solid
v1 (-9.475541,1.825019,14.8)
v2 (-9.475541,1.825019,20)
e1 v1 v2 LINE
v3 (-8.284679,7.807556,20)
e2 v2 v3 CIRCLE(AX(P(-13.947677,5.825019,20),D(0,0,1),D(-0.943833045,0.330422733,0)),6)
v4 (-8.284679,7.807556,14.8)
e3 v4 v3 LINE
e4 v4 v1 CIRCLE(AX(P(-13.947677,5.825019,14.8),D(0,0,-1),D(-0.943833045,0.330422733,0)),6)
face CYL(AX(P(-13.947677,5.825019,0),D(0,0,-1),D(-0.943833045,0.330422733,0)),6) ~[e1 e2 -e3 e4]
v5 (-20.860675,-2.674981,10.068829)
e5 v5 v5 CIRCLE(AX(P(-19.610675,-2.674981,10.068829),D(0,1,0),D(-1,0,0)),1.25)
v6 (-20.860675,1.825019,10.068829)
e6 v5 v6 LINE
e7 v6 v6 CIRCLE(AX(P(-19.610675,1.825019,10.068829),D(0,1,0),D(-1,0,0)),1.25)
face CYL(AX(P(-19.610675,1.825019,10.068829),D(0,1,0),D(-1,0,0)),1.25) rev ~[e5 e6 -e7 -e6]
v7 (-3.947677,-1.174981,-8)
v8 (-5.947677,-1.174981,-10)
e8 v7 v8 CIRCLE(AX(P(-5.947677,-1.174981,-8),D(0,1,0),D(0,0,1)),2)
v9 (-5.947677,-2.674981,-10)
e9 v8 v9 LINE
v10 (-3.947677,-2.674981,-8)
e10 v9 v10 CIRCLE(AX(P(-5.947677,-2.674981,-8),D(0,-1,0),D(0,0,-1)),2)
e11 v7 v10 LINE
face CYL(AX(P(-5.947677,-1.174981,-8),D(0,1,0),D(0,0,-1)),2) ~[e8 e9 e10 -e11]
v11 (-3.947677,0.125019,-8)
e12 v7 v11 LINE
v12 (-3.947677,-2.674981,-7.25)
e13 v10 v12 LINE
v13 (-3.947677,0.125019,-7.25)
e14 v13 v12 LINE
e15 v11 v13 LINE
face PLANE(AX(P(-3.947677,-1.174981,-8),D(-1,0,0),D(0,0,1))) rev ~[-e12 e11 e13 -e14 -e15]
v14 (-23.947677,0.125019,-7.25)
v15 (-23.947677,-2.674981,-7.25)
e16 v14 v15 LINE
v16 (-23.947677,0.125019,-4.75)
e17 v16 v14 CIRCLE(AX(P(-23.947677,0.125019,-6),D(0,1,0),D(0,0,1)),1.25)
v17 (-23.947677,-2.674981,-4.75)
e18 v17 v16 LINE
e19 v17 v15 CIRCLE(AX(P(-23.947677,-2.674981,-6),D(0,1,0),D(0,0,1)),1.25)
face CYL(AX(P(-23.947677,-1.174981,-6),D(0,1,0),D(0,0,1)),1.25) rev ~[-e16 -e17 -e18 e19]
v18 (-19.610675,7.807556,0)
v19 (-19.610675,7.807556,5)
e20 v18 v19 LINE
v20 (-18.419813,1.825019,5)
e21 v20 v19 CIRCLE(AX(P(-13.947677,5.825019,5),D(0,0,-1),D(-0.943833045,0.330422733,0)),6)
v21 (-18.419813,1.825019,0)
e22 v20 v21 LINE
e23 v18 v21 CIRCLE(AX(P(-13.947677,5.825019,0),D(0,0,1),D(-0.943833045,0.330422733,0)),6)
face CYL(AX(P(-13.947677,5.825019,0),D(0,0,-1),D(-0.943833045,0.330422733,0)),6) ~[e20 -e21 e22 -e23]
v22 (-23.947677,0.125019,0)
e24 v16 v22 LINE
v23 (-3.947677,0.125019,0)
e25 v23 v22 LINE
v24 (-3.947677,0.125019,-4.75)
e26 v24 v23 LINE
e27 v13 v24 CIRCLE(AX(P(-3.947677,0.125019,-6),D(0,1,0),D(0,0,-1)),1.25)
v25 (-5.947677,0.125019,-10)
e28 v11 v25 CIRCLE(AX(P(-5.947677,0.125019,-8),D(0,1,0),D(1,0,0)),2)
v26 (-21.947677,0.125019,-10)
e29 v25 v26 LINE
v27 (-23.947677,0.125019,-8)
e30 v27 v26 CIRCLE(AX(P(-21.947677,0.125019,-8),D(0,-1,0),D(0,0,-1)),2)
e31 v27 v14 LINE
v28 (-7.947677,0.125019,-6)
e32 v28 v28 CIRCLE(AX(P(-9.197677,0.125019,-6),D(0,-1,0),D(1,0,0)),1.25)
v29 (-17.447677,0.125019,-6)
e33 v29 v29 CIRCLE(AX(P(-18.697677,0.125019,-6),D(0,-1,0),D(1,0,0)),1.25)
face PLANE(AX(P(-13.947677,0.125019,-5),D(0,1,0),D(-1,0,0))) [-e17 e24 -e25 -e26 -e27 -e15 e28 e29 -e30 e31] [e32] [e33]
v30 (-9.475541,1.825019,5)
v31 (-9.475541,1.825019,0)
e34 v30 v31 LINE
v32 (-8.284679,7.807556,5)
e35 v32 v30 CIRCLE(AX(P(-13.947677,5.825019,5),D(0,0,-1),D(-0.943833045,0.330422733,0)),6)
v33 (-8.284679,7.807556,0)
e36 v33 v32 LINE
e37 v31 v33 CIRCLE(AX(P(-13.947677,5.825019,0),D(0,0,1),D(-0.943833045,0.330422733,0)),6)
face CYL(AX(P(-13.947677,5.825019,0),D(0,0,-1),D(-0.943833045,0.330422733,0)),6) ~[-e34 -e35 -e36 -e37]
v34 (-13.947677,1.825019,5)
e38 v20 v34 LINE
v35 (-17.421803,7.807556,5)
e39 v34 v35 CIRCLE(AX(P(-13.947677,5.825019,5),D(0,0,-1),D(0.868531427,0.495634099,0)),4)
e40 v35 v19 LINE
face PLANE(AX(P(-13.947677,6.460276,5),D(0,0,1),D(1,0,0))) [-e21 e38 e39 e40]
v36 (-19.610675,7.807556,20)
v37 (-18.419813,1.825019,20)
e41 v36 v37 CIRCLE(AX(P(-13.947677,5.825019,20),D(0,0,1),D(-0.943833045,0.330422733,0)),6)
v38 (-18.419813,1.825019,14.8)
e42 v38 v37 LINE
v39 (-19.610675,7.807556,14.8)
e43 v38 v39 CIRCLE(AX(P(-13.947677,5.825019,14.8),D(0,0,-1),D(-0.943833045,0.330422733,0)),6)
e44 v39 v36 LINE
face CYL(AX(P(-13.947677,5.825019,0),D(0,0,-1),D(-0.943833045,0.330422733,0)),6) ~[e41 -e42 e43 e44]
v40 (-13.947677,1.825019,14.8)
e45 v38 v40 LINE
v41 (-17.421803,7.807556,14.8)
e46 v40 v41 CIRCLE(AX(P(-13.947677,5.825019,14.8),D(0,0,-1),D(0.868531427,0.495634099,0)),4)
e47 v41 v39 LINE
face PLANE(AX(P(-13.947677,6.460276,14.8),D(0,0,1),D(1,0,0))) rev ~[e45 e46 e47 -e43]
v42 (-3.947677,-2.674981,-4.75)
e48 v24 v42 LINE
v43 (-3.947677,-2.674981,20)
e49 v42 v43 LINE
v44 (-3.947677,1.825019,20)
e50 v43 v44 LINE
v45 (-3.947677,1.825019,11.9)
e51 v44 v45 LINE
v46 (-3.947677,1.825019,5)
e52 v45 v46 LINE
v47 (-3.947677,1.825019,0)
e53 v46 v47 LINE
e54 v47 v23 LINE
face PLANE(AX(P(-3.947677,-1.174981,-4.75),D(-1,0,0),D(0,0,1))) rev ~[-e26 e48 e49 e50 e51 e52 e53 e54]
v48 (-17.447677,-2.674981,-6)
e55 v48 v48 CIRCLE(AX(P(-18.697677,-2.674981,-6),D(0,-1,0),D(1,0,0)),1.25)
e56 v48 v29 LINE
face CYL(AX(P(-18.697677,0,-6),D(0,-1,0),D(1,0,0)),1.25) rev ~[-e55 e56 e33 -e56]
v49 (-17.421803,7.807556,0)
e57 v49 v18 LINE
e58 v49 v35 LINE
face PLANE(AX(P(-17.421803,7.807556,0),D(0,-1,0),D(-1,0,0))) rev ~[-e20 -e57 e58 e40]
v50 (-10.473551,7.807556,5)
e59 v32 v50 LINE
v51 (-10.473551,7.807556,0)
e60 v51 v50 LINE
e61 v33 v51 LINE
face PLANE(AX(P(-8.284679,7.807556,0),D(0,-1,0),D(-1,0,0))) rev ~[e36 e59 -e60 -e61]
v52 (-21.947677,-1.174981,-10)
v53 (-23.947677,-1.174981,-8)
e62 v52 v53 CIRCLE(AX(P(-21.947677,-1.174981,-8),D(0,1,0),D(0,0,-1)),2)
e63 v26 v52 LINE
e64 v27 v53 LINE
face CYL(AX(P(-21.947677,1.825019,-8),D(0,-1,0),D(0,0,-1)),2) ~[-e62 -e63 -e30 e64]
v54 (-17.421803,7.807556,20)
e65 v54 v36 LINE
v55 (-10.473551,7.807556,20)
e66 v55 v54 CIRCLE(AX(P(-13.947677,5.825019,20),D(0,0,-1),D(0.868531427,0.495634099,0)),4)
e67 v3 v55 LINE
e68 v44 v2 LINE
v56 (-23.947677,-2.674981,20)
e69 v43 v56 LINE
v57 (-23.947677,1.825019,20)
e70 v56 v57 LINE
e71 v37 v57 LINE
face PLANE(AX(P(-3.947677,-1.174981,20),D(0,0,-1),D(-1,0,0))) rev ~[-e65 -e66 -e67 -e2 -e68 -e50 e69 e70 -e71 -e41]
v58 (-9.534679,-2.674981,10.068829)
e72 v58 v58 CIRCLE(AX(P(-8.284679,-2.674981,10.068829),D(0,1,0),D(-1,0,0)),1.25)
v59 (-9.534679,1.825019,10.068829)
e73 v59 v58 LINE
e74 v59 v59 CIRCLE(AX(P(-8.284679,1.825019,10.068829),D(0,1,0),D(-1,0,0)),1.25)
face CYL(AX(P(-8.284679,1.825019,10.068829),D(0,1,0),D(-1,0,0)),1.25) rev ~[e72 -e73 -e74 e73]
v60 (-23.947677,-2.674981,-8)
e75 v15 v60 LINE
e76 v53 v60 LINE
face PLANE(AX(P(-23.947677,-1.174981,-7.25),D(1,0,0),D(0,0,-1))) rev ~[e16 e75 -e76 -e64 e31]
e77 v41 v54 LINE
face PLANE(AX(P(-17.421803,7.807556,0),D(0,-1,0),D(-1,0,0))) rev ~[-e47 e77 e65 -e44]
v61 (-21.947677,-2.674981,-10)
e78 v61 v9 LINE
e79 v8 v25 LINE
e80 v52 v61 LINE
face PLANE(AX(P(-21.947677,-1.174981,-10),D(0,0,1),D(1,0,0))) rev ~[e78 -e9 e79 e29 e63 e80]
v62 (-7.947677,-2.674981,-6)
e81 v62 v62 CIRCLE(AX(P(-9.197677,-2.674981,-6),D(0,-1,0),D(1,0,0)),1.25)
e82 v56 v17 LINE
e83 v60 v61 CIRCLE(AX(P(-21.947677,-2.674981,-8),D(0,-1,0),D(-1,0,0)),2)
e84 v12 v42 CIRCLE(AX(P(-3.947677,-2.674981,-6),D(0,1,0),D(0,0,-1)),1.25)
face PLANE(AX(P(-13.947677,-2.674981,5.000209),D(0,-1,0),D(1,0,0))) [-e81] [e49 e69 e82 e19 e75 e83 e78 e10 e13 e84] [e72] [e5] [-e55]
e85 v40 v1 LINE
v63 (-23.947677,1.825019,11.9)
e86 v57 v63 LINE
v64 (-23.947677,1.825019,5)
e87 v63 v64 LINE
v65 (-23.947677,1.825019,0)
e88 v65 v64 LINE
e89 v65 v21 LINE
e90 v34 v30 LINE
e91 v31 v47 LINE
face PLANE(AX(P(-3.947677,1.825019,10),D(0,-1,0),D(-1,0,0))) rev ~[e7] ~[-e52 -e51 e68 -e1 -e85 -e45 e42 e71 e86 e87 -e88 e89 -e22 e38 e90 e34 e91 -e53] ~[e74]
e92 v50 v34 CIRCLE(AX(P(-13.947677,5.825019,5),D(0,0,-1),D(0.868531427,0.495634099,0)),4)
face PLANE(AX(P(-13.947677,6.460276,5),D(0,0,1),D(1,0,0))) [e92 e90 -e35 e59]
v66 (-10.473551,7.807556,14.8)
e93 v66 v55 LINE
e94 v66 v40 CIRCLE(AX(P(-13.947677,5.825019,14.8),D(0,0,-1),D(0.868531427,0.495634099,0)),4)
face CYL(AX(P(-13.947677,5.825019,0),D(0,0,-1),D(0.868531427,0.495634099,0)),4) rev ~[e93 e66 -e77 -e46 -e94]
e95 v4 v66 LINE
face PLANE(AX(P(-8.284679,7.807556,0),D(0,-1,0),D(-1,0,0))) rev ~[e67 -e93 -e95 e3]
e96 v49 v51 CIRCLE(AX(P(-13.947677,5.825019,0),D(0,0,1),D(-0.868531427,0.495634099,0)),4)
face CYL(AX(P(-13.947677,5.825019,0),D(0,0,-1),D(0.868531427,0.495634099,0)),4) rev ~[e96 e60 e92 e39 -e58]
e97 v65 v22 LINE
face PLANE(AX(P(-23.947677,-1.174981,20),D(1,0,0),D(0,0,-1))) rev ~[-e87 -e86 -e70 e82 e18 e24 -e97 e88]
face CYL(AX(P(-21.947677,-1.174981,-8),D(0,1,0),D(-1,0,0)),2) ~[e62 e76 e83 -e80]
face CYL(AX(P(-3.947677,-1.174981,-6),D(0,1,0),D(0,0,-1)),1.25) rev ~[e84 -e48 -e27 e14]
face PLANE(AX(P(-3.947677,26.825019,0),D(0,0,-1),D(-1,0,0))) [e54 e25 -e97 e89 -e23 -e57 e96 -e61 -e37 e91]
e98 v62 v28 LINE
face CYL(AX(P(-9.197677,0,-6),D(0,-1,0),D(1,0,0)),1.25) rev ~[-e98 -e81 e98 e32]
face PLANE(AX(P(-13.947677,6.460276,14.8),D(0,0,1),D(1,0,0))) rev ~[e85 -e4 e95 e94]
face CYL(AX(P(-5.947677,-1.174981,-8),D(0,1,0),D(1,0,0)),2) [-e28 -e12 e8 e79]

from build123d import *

# Parameters (mm, degrees)
F1_DEPTH  = 20
F3_DEPTH  = 10
F4_R      = 1.25
F5_DEPTH  = 2.2
F7_DEPTH  = 10
F9_R      = 1.25
F10_DEPTH = 28.001
F11_R     = 2
F14_DEPTH = 1.5
F16_W     = 20
F16_H     = 10
F17_DEPTH = 26.7
F19_R     = 1.25
F20_DEPTH = 32.1
F22_W     = 20
F22_H     = 9.2705127583
F23_DEPTH = 6.9
F24_DEPTH = 2.9
F25_R     = 1.25
F26_DEPTH = 12.5


with BuildPart() as f1:
    # F0 (on Top) → F1 (new body)
    with BuildSketch(Plane.XY):
        with BuildLine():
            Line((-17.4218026286, 7.8075558554), (-19.6106751933, 7.8075558554))
            ThreePointArc((-19.6106751933, 7.8075558554), (-13.947676921, -0.1749805422), (-8.2846786486, 7.8075558554))
            Line((-8.2846786486, 7.8075558554), (-10.4735512133, 7.8075558554))
            ThreePointArc((-10.4735512133, 7.8075558554), (-13.947676921, 1.8250194578), (-17.4218026286, 7.8075558554))
        make_face()
    extrude(amount=F1_DEPTH)

    # F2 (on Top) → F3 (join, symmetric)
    with BuildSketch(Plane.XY):
        Polygon((-3.947676921, 1.8250194578), (-13.947676921, 1.8250194578), (-23.947676921, 1.8250194578), (-23.947676921, -1.1749805422), (-3.947676921, -1.1749805422), align=None)
    extrude(amount=F3_DEPTH, both=True)

    # F4 (on Front) → F5 (cut, symmetric)
    with BuildSketch(Plane.XZ):
        with Locations((-9.197676921, -6)):
            Circle(F4_R)
        with Locations((-18.697676921, -6)):
            Circle(F4_R)
    extrude(amount=F5_DEPTH, both=True, mode=Mode.SUBTRACT)

    # F6 (on face) → F7 (join, through all)
    with BuildSketch(Plane.XY.offset(10)):
        with BuildLine():
            Line((-3.947676921, 1.8250194578), (-9.475540966, 1.8250194578))
            ThreePointArc((-9.475540966, 1.8250194578), (-13.947676921, -0.1749805422), (-18.419812876, 1.8250194578))
            Line((-18.419812876, 1.8250194578), (-23.947676921, 1.8250194578))
            Line((-23.947676921, 1.8250194578), (-23.947676921, -1.1749805422))
            Line((-23.947676921, -1.1749805422), (-3.947676921, -1.1749805422))
            Line((-3.947676921, -1.1749805422), (-3.947676921, 1.8250194578))
        make_face()
    extrude(amount=F7_DEPTH)

    # F9 (on offset) → F10 (cut, through all)
    with BuildSketch(Plane(origin=(0, 26.8250194578, 0), x_dir=(-1, 0, 0), z_dir=(0, 1, 0))):
        with Locations((23.947676921, -6)):
            Circle(F9_R)
        with Locations((3.947676921, -6)):
            Circle(F9_R)
    extrude(amount=-F10_DEPTH, mode=Mode.SUBTRACT)

    # F11
    f11_edges = [f1.edges().sort_by_distance(p)[0] for p in [
        (-23.947677, 0.325019, -10),
        (-3.947677, 0.325019, -10),
    ]]
    fillet(f11_edges, radius=F11_R)

    # F13 (on offset) → F14 (join)
    with BuildSketch(Plane.XZ.offset(1.1749805422)):
        with BuildLine():
            ThreePointArc((-23.947676921, -4.75), (-22.697676921, -6), (-23.947676921, -7.25))
            Line((-23.947676921, -7.25), (-23.947676921, -8))
            ThreePointArc((-23.947676921, -8), (-23.3618904833, -9.4142135624), (-21.947676921, -10))
            Line((-21.947676921, -10), (-5.947676921, -10))
            ThreePointArc((-5.947676921, -10), (-4.5334633586, -9.4142135624), (-3.947676921, -8))
            Line((-3.947676921, -8), (-3.947676921, -7.25))
            ThreePointArc((-3.947676921, -7.25), (-5.197676921, -6), (-3.947676921, -4.75))
            Line((-3.947676921, -4.75), (-3.947676921, 20))
            Line((-3.947676921, 20), (-23.947676921, 20))
            Line((-23.947676921, 20), (-23.947676921, -4.75))
        make_face()
    extrude(amount=F14_DEPTH)

    # F16 (on offset) → F17 (cut)
    with BuildSketch(Plane(origin=(0, 26.8250194578, 0), x_dir=(-1, 0, 0), z_dir=(0, 1, 0))):
        with Locations((13.947676921, -5)):
            Rectangle(F16_W, F16_H)
    extrude(amount=-F17_DEPTH, mode=Mode.SUBTRACT)

    # F19 (on offset) → F20 (cut)
    with BuildSketch(Plane.XZ.offset(25)):
        with Locations((-9.197676921, -6)):
            Circle(F19_R)
        with Locations((-18.697676921, -6)):
            Circle(F19_R)
    extrude(amount=-F20_DEPTH, mode=Mode.SUBTRACT)

    # F22 (on offset) → F23 (cut)
    with BuildSketch(Plane.XY.offset(11.9)):
        with Locations((-13.947676921, 6.460275837)):
            Rectangle(F22_W, F22_H)
    extrude(amount=-F23_DEPTH, mode=Mode.SUBTRACT)

    # F22 (on offset) → F24 (cut)
    with BuildSketch(Plane.XY.offset(11.9)):
        with Locations((-13.947676921, 6.460275837)):
            Rectangle(F22_W, F22_H)
    extrude(amount=F24_DEPTH, mode=Mode.SUBTRACT)

    # F25 (on offset) → F26 (cut, symmetric)
    with BuildSketch(Plane(origin=(0, 1.8250194578, 0), x_dir=(-1, 0, 0), z_dir=(0, 1, 0))):
        with Locations((8.2846786486, 10.0688289385)):
            Circle(F25_R)
        with Locations((19.6106751933, 10.0688289385)):
            Circle(F25_R)
    extrude(amount=F26_DEPTH, both=True, mode=Mode.SUBTRACT)


solid = f1.part
